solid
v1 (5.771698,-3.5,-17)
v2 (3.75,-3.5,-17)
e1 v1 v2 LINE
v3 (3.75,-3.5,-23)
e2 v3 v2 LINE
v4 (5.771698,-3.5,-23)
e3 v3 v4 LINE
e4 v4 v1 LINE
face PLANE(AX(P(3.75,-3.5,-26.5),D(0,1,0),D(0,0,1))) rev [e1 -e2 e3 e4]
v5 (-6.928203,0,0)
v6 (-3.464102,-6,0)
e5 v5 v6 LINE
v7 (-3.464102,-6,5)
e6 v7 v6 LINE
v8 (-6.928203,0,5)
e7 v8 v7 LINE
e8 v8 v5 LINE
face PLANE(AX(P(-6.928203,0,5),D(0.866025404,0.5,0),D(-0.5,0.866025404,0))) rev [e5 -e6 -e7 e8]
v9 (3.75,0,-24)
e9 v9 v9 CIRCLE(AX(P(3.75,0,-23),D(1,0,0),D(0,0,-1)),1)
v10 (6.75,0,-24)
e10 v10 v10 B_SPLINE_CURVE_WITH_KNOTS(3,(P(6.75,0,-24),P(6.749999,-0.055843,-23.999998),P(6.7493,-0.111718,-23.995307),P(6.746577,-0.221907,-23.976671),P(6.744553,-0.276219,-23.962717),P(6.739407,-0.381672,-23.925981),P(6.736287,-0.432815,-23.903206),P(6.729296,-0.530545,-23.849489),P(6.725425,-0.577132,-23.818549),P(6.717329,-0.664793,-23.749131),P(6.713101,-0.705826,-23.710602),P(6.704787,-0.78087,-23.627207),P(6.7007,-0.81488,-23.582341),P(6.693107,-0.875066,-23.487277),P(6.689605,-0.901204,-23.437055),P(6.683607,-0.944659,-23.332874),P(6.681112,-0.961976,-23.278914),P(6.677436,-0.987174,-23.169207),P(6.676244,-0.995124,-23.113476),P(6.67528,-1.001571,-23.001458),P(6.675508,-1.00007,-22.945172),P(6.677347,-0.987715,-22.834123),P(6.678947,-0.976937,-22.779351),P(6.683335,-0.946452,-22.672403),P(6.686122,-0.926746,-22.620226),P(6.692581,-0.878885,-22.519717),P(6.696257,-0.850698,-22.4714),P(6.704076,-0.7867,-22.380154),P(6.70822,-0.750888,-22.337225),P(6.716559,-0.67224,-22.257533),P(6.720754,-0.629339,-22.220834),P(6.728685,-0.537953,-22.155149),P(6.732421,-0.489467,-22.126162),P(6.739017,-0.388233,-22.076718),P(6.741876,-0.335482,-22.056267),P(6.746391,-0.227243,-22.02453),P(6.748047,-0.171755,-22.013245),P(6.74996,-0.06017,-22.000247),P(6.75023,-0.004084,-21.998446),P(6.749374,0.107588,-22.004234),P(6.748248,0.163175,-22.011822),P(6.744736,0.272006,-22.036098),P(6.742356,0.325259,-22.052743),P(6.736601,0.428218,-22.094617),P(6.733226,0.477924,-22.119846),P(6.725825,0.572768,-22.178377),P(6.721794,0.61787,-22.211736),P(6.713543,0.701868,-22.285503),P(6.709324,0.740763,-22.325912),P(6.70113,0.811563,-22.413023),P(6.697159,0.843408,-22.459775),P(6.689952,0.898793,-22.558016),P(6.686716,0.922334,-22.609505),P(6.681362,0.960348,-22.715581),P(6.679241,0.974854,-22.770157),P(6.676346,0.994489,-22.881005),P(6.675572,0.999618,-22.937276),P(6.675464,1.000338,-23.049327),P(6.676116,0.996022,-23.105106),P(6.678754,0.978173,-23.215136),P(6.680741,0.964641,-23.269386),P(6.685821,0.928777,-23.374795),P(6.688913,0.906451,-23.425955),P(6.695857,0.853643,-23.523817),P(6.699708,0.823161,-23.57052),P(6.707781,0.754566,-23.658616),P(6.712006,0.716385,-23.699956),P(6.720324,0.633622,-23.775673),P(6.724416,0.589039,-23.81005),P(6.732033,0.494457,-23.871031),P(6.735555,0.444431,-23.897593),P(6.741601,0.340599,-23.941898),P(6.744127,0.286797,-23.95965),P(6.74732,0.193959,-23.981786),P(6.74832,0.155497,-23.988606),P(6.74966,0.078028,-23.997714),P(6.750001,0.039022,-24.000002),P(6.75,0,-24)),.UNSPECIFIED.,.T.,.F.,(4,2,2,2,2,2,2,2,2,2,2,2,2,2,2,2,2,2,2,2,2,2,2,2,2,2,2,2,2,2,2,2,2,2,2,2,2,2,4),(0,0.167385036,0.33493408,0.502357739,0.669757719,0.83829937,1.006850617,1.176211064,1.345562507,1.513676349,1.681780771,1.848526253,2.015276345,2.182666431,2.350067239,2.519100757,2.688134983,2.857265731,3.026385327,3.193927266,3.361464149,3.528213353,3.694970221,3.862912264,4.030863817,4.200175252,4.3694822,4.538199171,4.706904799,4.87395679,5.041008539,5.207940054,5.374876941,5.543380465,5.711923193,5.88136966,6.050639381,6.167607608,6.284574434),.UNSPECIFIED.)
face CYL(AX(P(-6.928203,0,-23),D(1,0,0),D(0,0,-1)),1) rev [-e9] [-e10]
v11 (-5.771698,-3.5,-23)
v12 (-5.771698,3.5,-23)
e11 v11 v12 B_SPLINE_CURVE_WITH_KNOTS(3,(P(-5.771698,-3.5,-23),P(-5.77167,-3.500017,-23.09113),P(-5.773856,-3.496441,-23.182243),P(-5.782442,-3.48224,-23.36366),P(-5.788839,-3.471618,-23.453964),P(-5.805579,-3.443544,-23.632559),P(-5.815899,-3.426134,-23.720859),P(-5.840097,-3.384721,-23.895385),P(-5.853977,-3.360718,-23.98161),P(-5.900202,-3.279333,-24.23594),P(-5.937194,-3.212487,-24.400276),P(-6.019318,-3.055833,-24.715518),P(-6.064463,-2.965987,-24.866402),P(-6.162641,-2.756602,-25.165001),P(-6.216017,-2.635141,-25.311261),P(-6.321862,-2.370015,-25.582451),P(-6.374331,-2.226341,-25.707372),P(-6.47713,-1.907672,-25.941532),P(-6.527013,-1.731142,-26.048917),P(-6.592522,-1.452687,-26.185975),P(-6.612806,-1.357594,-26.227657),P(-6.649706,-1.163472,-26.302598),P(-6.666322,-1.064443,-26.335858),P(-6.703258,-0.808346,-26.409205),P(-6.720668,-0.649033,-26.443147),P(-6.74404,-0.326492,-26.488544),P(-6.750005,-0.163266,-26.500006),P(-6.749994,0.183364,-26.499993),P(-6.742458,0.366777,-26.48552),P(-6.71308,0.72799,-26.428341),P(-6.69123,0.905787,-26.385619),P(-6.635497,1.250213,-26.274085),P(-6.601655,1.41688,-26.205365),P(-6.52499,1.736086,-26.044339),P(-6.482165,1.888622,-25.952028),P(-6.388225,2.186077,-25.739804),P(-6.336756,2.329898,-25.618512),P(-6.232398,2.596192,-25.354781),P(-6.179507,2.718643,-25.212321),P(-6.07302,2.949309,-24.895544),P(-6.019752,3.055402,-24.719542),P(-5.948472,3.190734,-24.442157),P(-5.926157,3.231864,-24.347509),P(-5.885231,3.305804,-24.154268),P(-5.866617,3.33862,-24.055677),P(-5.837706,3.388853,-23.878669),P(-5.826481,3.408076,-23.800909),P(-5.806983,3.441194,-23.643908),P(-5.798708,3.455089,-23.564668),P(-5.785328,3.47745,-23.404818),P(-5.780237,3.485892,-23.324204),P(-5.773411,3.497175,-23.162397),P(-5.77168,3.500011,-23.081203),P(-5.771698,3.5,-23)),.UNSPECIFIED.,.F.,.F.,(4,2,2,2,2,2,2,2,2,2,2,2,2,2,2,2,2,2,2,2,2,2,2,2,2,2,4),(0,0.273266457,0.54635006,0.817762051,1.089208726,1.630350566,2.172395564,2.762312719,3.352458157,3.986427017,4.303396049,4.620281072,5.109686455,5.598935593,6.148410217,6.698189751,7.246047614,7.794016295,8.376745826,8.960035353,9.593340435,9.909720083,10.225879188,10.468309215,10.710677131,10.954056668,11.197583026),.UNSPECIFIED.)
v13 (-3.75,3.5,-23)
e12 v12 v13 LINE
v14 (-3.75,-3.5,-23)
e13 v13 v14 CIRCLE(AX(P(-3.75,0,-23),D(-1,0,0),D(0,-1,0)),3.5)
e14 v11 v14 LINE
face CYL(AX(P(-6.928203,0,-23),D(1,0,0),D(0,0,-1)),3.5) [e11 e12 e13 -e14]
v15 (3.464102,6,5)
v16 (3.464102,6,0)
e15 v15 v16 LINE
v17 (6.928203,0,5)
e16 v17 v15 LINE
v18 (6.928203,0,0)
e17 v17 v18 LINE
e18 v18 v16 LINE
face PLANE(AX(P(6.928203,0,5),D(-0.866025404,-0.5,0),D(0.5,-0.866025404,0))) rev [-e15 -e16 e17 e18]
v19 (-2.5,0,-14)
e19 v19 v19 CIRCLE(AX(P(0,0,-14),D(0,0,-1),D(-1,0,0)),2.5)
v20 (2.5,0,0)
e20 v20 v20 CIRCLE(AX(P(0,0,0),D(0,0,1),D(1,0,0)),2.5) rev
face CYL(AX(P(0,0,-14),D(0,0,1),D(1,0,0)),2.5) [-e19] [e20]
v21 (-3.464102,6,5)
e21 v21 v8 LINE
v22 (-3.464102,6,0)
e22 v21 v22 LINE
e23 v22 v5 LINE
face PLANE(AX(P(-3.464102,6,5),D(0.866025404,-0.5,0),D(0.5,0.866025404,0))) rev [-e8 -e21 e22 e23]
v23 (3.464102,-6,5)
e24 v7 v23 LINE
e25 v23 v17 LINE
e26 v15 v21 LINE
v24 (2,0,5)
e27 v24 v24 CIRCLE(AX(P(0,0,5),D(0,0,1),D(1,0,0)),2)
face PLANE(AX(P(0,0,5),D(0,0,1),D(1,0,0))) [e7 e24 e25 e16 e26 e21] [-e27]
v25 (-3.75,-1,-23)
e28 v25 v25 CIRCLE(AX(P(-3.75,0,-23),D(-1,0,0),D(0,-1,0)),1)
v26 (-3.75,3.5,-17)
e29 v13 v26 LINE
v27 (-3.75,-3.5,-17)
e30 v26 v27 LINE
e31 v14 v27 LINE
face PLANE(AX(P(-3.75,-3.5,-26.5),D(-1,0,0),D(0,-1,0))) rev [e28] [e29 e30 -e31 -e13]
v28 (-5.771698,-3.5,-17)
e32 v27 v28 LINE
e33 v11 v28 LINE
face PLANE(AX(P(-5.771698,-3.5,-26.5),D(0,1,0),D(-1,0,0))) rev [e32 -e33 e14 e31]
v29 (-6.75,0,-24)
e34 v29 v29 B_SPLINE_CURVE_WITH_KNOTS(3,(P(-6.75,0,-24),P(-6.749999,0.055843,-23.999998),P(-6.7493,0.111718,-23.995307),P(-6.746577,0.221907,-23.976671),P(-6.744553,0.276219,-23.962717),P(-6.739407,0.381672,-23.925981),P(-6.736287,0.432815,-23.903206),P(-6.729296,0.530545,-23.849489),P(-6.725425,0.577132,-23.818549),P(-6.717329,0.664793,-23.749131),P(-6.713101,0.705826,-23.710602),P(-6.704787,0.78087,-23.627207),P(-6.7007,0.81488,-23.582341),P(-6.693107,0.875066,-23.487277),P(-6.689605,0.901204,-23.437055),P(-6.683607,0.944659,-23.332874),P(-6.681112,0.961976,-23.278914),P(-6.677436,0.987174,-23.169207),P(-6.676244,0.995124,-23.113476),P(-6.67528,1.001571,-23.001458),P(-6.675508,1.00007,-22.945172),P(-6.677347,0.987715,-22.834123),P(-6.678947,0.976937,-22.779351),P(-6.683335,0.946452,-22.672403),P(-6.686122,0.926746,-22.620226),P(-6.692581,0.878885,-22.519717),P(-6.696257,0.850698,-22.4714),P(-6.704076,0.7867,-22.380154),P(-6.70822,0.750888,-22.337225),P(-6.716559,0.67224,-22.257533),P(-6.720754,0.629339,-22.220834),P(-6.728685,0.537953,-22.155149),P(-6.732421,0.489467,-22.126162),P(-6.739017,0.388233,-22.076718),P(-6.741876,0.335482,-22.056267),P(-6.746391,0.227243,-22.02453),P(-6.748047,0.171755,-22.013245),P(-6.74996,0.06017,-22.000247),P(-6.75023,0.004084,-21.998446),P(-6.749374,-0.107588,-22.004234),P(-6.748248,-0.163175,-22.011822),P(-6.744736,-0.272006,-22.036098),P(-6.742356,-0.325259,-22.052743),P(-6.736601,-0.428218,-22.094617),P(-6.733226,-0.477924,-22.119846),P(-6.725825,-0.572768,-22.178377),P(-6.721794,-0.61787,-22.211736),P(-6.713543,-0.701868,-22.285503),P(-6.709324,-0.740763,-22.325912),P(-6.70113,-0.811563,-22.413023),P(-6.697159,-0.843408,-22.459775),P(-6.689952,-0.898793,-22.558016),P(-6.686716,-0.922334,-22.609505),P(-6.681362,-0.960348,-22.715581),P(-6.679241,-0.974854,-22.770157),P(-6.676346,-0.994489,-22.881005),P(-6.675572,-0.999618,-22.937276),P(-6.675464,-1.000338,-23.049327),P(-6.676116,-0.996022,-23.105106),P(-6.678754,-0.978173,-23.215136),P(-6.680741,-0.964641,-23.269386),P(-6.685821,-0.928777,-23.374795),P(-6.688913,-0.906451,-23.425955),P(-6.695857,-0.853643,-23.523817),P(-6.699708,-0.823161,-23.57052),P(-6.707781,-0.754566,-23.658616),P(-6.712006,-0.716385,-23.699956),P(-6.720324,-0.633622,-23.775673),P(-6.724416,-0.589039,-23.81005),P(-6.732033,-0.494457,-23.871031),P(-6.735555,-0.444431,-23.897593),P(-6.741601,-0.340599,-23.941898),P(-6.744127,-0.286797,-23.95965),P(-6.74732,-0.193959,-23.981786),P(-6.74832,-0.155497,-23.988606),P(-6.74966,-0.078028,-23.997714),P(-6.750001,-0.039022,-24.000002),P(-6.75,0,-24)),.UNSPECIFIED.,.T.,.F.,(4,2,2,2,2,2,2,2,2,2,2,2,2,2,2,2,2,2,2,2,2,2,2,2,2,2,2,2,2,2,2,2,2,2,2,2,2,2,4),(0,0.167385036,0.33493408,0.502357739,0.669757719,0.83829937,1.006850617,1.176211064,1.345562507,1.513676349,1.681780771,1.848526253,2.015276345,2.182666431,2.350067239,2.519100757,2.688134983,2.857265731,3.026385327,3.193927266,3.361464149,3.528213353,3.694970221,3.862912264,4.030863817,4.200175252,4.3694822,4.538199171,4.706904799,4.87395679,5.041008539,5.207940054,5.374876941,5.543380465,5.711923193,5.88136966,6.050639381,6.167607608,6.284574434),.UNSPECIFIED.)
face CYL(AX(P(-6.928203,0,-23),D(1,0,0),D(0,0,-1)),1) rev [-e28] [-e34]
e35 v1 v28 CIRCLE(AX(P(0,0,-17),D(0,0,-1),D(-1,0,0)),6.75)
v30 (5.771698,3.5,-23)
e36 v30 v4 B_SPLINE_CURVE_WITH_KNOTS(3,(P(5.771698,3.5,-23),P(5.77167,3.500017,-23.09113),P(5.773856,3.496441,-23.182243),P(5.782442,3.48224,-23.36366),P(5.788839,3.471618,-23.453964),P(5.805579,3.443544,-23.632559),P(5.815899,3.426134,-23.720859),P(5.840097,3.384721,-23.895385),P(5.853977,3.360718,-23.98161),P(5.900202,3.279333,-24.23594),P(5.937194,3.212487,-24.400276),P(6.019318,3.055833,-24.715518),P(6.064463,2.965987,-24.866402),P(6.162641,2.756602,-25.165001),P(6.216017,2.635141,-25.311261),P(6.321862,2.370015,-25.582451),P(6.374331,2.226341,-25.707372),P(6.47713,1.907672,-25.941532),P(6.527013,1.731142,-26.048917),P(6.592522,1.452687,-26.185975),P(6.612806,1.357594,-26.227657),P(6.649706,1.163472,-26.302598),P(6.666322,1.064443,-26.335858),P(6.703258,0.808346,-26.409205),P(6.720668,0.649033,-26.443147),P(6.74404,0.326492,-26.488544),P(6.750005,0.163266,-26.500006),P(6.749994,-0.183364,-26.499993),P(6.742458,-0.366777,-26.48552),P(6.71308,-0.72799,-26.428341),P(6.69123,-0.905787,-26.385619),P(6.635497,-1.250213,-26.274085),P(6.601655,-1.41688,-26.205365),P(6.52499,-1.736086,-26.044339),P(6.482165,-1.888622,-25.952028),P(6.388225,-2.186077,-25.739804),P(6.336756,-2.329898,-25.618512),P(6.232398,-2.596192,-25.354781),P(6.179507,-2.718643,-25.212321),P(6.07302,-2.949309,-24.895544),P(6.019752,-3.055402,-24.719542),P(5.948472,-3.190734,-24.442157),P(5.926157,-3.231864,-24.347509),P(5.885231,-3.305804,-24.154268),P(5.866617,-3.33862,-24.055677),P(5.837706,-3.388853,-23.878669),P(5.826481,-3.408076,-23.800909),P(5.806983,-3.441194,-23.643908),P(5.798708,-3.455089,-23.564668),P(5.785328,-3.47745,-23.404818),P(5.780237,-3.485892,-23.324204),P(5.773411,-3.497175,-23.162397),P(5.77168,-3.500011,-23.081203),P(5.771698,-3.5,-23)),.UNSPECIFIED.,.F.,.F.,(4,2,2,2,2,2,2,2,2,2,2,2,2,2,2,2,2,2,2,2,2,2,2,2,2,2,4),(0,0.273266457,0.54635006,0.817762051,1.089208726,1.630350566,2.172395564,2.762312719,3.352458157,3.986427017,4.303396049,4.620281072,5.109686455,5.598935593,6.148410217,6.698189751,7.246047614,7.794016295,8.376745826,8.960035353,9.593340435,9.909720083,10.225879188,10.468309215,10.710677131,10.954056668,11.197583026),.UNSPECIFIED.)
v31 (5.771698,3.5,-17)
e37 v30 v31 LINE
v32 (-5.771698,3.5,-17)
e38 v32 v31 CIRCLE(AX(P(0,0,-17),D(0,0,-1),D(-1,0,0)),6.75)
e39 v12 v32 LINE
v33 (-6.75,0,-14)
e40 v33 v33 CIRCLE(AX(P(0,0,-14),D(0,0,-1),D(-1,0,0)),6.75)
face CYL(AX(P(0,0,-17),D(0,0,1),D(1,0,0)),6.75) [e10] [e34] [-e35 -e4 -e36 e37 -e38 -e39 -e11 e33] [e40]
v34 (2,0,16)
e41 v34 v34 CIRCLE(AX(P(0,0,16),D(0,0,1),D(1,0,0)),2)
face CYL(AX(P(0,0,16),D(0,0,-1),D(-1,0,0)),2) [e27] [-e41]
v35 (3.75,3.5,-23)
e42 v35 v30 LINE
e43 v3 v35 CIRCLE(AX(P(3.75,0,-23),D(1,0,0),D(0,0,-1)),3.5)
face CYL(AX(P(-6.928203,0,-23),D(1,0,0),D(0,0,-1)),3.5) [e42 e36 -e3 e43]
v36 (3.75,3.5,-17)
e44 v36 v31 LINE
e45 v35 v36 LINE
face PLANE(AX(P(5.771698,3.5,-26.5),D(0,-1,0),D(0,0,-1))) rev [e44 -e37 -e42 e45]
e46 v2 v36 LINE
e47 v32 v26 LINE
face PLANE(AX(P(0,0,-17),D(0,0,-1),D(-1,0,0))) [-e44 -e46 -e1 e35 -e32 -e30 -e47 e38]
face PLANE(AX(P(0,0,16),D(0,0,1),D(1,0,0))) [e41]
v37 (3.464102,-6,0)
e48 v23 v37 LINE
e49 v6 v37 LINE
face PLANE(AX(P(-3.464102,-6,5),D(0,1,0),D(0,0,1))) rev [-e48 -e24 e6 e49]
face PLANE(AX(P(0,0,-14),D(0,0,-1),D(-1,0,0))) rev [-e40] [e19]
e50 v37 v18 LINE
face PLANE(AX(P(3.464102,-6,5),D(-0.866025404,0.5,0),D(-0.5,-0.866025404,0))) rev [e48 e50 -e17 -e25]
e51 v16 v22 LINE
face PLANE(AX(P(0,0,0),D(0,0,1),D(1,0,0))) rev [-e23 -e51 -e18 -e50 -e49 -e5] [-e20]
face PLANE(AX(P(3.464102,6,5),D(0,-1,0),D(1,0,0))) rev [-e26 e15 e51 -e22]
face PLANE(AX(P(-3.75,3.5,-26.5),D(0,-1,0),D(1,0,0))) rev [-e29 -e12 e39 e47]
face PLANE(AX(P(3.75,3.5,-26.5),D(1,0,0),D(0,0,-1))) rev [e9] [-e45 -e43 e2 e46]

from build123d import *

# Parameters (mm, degrees)
HEXAGON_DEPTH            = 5
SKETCH3_R                = 2
SCREW_POST_DEPTH         = 11
SKETCH4_R                = 2.5
BEARING_SECTION_DEPTH    = 14
SKETCH5_R                = 6.75
U_JOINT_BASE_DEPTH       = 3
U_JOINT_STANDUPS_DEPTH   = 9.5
STANDUP_ROUND_DEPTH      = 7.928203
STANDUP_ROUND_DEPTH_BACK = 7.928203
SKETCH8_R                = 1
BALL_HOLES_DEPTH         = 7.928203
BALL_HOLES_DEPTH_BACK    = 7.928203


with BuildPart() as part:
    # Sketch2 → Hexagon (new body)
    with BuildSketch(Plane.XY):
        Polygon((3.464102, -6), (6.928203, 0), (3.464102, 6), (-3.464102, 6), (-6.928203, 0), (-3.464102, -6), align=None)
    extrude(amount=HEXAGON_DEPTH)

    # Sketch3 → Screw Post (add)
    with BuildSketch(Plane.XY.offset(5)):
        Circle(SKETCH3_R)
    extrude(amount=SCREW_POST_DEPTH)

    # Sketch4 → Bearing Section (add)
    with BuildSketch(Plane(origin=(0, 0, 0), x_dir=(-1, 0, 0), z_dir=(0, 0, -1))):
        Circle(SKETCH4_R)
    extrude(amount=BEARING_SECTION_DEPTH)

    # Sketch5 → U Joint Base (add)
    with BuildSketch(Plane(origin=(0, 0, -14), x_dir=(-1, 0, 0), z_dir=(0, 0, -1))):
        Circle(SKETCH5_R)
    extrude(amount=U_JOINT_BASE_DEPTH)

    # Sketch6 → U Joint Standups (add)
    with BuildSketch(Plane(origin=(0, 0, -17), x_dir=(-1, 0, 0), z_dir=(0, 0, -1))):
        with BuildLine():
            Line((-5.771698, 3.5), (-3.75, 3.5))
            Line((-3.75, 3.5), (-3.75, -3.5))
            Line((-3.75, -3.5), (-5.771698, -3.5))
            ThreePointArc((-5.771698, -3.5), (-6.75, 0), (-5.771698, 3.5))
        make_face()
        with BuildLine():
            Line((3.75, -3.5), (3.75, 3.5))
            Line((3.75, 3.5), (5.771698, 3.5))
            ThreePointArc((5.771698, 3.5), (6.75, 0), (5.771698, -3.5))
            Line((5.771698, -3.5), (3.75, -3.5))
        make_face()
    extrude(amount=U_JOINT_STANDUPS_DEPTH)

    # Sketch7 → Standup Round (cut, two sides)
    with BuildSketch(Plane(origin=(0, 0, 0), x_dir=(0, 0, -1), z_dir=(1, 0, 0))) as standup_round_sk:
        with BuildLine():
            Line((26.5, -3.5), (26.5, 0))
            ThreePointArc((26.5, 0), (25.474874, -2.474874), (23, -3.5))
            Line((23, -3.5), (26.5, -3.5))
        make_face()
        with BuildLine():
            Line((26.5, 3.5), (23, 3.5))
            ThreePointArc((23, 3.5), (25.474874, 2.474874), (26.5, 0))
            Line((26.5, 0), (26.5, 3.5))
        make_face()
    extrude(amount=STANDUP_ROUND_DEPTH, mode=Mode.SUBTRACT)
    extrude(standup_round_sk.sketch, amount=-STANDUP_ROUND_DEPTH_BACK, mode=Mode.SUBTRACT)

    # Sketch8 → Ball Holes (cut, two sides)
    with BuildSketch(Plane(origin=(0, 0, 0), x_dir=(0, 0, -1), z_dir=(1, 0, 0))) as ball_holes_sk:
        with Locations((23, 0)):
            Circle(SKETCH8_R)
    extrude(amount=BALL_HOLES_DEPTH, mode=Mode.SUBTRACT)
    extrude(ball_holes_sk.sketch, amount=-BALL_HOLES_DEPTH_BACK, mode=Mode.SUBTRACT)


solid = part.part
